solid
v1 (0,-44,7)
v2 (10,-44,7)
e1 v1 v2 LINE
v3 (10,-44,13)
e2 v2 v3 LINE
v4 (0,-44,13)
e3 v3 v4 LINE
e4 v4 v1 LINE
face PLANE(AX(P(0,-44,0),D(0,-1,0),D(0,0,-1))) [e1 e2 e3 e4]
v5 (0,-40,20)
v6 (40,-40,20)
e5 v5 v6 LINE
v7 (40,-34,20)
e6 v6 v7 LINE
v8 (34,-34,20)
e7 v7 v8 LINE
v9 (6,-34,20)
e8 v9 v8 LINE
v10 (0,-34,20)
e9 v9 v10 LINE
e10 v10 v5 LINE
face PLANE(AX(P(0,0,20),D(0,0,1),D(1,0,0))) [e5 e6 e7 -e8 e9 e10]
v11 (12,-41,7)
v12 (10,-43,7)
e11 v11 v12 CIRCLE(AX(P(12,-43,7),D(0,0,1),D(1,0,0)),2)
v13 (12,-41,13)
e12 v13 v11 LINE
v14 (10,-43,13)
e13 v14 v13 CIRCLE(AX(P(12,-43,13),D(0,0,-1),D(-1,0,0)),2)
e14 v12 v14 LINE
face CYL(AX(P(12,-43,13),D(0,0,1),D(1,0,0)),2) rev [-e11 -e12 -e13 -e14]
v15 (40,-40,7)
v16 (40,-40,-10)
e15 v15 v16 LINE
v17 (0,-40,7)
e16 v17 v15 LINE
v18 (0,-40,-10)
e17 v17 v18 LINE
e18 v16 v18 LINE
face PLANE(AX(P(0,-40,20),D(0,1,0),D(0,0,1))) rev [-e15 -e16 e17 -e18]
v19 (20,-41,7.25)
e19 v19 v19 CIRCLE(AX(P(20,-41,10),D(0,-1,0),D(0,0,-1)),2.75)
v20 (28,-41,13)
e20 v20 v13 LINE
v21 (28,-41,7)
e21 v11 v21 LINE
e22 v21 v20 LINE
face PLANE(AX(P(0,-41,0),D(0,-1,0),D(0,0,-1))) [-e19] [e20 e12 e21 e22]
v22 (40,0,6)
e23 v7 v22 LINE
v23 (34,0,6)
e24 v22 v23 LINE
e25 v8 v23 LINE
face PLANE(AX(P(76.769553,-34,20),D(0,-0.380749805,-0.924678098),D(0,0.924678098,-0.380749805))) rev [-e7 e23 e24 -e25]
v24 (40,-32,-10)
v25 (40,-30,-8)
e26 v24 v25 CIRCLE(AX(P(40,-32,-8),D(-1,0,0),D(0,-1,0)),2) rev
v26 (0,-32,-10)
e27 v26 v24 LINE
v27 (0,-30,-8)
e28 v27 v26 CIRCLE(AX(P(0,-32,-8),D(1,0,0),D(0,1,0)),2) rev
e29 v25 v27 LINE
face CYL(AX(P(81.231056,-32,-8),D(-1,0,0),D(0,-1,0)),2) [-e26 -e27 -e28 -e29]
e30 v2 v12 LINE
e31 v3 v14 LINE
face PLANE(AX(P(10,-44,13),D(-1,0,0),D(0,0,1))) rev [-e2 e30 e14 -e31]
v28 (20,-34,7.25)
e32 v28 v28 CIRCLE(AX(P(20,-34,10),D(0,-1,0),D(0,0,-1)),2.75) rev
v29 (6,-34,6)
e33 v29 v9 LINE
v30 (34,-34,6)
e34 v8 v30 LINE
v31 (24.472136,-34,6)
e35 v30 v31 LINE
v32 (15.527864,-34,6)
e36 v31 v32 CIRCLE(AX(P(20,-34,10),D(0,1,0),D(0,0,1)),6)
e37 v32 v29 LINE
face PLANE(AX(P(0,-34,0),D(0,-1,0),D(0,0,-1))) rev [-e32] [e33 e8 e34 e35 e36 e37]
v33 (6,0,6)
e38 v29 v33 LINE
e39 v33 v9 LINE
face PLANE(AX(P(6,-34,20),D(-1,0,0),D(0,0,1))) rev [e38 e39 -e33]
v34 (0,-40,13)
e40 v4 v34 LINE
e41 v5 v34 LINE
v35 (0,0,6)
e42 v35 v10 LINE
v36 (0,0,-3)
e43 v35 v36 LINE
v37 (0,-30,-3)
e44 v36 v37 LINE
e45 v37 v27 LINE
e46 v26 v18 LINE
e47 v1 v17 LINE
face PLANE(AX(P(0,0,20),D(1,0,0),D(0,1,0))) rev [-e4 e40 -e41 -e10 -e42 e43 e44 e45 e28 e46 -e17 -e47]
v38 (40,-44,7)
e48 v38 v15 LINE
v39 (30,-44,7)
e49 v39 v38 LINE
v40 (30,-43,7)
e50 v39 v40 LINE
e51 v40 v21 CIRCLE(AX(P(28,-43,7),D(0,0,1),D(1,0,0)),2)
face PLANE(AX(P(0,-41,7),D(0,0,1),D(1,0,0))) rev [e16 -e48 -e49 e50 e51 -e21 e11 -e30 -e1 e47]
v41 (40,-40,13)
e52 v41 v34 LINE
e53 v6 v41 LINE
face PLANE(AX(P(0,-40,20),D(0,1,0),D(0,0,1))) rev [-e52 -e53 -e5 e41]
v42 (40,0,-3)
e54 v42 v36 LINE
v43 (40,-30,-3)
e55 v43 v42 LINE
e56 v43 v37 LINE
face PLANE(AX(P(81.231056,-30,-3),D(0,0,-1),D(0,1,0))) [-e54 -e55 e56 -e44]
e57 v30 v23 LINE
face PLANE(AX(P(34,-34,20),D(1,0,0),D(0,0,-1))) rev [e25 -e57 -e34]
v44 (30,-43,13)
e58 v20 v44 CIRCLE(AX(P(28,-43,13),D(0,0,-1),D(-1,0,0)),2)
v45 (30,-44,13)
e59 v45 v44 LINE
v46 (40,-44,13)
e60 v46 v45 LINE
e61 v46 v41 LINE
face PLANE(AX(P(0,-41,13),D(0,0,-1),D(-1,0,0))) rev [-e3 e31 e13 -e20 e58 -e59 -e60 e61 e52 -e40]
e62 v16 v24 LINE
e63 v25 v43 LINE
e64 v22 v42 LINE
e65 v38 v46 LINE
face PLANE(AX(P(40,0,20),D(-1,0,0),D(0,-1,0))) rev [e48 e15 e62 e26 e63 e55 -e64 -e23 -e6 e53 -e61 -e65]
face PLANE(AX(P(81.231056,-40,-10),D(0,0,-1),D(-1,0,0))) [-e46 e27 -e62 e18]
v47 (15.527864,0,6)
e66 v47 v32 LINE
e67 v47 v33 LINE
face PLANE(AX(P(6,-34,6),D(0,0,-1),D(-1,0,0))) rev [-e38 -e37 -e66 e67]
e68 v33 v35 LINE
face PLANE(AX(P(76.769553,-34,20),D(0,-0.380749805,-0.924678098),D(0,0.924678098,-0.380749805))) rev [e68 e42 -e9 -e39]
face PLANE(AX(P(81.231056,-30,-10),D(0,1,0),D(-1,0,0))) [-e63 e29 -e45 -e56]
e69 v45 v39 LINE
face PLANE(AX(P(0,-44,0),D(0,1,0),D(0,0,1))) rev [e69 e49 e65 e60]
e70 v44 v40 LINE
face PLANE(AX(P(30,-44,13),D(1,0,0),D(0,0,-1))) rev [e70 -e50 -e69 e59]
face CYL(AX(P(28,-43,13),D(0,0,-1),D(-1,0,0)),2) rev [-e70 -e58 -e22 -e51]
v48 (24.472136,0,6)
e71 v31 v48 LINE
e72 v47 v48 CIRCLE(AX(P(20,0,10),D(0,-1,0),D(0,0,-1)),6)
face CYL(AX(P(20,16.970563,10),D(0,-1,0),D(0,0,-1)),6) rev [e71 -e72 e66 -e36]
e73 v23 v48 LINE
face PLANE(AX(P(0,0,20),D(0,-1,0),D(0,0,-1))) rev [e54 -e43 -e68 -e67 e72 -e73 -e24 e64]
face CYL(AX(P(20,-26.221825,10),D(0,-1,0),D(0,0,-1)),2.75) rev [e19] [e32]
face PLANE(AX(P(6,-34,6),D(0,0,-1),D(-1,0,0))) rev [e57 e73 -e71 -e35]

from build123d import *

# Parameters (mm, degrees)
CROQUIS1_W              = 40
CROQUIS1_H              = 40
SALIENTE_EXTRUIR1_DEPTH = 20
CROQUIS2_W              = 28
CROQUIS2_H              = 14
CORTAR_EXTRUIR1_DEPTH   = 34
CORTAR_EXTRUIR2_DEPTH   = 40
CROQUIS7_W              = 40
CROQUIS7_H              = 6
SALIENTE_EXTRUIR2_DEPTH = 1
CROQUIS8_R              = 2.75
CORTAR_EXTRUIR6_DEPTH   = 7
CROQUIS9_R              = 6
CORTAR_EXTRUIR7_DEPTH   = 34
CROQUIS10_W             = 10
CROQUIS10_H             = 6
SALIENTE_EXTRUIR3_DEPTH = 3
REDONDEO1_R             = 2
SALIENTE_EXTRUIR5_DEPTH = 40
REDONDEO2_R             = 2


with BuildPart() as part:
    # Croquis1 → Saliente-Extruir1 (new body)
    with BuildSketch(Plane.XY):
        with Locations((20, -20)):
            Rectangle(CROQUIS1_W, CROQUIS1_H)
    extrude(amount=SALIENTE_EXTRUIR1_DEPTH)

    # Croquis2 → Cortar-Extruir1 (cut)
    with BuildSketch(Plane(origin=(0, 0, 0), x_dir=(1, 0, 0), z_dir=(0, 1, 0))):
        with Locations((20, -13)):
            Rectangle(CROQUIS2_W, CROQUIS2_H)
    extrude(amount=-CORTAR_EXTRUIR1_DEPTH, mode=Mode.SUBTRACT)

    # Croquis3 → Cortar-Extruir2 (cut)
    with BuildSketch(Plane.ZY):
        Polygon((20, 0), (20, -34), (6, 0), align=None)
    extrude(amount=-CORTAR_EXTRUIR2_DEPTH, mode=Mode.SUBTRACT)

    # Croquis7 → Saliente-Extruir2 (add)
    with BuildSketch(Plane.XZ.offset(40)):
        with Locations((20, 10)):
            Rectangle(CROQUIS7_W, CROQUIS7_H)
    extrude(amount=SALIENTE_EXTRUIR2_DEPTH)

    # Croquis8 → Cortar-Extruir6 (cut)
    with BuildSketch(Plane.XZ.offset(41)):
        with Locations((20, 10)):
            Circle(CROQUIS8_R)
    extrude(amount=-CORTAR_EXTRUIR6_DEPTH, mode=Mode.SUBTRACT)

    # Croquis9 → Cortar-Extruir7 (cut)
    with BuildSketch(Plane(origin=(0, -34, 0), x_dir=(1, 0, 0), z_dir=(0, 1, 0))):
        with Locations((20, -10)):
            Circle(CROQUIS9_R)
    extrude(amount=CORTAR_EXTRUIR7_DEPTH, mode=Mode.SUBTRACT)

    # Croquis10 → Saliente-Extruir3 (add)
    with BuildSketch(Plane.XZ.offset(41)):
        with Locations((5, 10)):
            Rectangle(CROQUIS10_W, CROQUIS10_H)
        with Locations((35, 10)):
            Rectangle(CROQUIS10_W, CROQUIS10_H)
    extrude(amount=SALIENTE_EXTRUIR3_DEPTH)

    # Redondeo1
    redondeo1_edges = [part.edges().sort_by_distance(p)[0] for p in [
        (10, -41, 10),
        (30, -41, 10),
    ]]
    fillet(redondeo1_edges, radius=REDONDEO1_R)

    # Croquis12 → Saliente-Extruir5 (add)
    with BuildSketch(Plane.ZY):
        Polygon((0, -40), (-10, -40), (-10, -30), (-3, -30), (-3, 0), (0, 0), align=None)
    extrude(amount=-SALIENTE_EXTRUIR5_DEPTH)

    # Redondeo2
    redondeo2_edges = [part.edges().sort_by_distance(p)[0] for p in [
        (20, -30, -10),
    ]]
    fillet(redondeo2_edges, radius=REDONDEO2_R)


solid = part.part
